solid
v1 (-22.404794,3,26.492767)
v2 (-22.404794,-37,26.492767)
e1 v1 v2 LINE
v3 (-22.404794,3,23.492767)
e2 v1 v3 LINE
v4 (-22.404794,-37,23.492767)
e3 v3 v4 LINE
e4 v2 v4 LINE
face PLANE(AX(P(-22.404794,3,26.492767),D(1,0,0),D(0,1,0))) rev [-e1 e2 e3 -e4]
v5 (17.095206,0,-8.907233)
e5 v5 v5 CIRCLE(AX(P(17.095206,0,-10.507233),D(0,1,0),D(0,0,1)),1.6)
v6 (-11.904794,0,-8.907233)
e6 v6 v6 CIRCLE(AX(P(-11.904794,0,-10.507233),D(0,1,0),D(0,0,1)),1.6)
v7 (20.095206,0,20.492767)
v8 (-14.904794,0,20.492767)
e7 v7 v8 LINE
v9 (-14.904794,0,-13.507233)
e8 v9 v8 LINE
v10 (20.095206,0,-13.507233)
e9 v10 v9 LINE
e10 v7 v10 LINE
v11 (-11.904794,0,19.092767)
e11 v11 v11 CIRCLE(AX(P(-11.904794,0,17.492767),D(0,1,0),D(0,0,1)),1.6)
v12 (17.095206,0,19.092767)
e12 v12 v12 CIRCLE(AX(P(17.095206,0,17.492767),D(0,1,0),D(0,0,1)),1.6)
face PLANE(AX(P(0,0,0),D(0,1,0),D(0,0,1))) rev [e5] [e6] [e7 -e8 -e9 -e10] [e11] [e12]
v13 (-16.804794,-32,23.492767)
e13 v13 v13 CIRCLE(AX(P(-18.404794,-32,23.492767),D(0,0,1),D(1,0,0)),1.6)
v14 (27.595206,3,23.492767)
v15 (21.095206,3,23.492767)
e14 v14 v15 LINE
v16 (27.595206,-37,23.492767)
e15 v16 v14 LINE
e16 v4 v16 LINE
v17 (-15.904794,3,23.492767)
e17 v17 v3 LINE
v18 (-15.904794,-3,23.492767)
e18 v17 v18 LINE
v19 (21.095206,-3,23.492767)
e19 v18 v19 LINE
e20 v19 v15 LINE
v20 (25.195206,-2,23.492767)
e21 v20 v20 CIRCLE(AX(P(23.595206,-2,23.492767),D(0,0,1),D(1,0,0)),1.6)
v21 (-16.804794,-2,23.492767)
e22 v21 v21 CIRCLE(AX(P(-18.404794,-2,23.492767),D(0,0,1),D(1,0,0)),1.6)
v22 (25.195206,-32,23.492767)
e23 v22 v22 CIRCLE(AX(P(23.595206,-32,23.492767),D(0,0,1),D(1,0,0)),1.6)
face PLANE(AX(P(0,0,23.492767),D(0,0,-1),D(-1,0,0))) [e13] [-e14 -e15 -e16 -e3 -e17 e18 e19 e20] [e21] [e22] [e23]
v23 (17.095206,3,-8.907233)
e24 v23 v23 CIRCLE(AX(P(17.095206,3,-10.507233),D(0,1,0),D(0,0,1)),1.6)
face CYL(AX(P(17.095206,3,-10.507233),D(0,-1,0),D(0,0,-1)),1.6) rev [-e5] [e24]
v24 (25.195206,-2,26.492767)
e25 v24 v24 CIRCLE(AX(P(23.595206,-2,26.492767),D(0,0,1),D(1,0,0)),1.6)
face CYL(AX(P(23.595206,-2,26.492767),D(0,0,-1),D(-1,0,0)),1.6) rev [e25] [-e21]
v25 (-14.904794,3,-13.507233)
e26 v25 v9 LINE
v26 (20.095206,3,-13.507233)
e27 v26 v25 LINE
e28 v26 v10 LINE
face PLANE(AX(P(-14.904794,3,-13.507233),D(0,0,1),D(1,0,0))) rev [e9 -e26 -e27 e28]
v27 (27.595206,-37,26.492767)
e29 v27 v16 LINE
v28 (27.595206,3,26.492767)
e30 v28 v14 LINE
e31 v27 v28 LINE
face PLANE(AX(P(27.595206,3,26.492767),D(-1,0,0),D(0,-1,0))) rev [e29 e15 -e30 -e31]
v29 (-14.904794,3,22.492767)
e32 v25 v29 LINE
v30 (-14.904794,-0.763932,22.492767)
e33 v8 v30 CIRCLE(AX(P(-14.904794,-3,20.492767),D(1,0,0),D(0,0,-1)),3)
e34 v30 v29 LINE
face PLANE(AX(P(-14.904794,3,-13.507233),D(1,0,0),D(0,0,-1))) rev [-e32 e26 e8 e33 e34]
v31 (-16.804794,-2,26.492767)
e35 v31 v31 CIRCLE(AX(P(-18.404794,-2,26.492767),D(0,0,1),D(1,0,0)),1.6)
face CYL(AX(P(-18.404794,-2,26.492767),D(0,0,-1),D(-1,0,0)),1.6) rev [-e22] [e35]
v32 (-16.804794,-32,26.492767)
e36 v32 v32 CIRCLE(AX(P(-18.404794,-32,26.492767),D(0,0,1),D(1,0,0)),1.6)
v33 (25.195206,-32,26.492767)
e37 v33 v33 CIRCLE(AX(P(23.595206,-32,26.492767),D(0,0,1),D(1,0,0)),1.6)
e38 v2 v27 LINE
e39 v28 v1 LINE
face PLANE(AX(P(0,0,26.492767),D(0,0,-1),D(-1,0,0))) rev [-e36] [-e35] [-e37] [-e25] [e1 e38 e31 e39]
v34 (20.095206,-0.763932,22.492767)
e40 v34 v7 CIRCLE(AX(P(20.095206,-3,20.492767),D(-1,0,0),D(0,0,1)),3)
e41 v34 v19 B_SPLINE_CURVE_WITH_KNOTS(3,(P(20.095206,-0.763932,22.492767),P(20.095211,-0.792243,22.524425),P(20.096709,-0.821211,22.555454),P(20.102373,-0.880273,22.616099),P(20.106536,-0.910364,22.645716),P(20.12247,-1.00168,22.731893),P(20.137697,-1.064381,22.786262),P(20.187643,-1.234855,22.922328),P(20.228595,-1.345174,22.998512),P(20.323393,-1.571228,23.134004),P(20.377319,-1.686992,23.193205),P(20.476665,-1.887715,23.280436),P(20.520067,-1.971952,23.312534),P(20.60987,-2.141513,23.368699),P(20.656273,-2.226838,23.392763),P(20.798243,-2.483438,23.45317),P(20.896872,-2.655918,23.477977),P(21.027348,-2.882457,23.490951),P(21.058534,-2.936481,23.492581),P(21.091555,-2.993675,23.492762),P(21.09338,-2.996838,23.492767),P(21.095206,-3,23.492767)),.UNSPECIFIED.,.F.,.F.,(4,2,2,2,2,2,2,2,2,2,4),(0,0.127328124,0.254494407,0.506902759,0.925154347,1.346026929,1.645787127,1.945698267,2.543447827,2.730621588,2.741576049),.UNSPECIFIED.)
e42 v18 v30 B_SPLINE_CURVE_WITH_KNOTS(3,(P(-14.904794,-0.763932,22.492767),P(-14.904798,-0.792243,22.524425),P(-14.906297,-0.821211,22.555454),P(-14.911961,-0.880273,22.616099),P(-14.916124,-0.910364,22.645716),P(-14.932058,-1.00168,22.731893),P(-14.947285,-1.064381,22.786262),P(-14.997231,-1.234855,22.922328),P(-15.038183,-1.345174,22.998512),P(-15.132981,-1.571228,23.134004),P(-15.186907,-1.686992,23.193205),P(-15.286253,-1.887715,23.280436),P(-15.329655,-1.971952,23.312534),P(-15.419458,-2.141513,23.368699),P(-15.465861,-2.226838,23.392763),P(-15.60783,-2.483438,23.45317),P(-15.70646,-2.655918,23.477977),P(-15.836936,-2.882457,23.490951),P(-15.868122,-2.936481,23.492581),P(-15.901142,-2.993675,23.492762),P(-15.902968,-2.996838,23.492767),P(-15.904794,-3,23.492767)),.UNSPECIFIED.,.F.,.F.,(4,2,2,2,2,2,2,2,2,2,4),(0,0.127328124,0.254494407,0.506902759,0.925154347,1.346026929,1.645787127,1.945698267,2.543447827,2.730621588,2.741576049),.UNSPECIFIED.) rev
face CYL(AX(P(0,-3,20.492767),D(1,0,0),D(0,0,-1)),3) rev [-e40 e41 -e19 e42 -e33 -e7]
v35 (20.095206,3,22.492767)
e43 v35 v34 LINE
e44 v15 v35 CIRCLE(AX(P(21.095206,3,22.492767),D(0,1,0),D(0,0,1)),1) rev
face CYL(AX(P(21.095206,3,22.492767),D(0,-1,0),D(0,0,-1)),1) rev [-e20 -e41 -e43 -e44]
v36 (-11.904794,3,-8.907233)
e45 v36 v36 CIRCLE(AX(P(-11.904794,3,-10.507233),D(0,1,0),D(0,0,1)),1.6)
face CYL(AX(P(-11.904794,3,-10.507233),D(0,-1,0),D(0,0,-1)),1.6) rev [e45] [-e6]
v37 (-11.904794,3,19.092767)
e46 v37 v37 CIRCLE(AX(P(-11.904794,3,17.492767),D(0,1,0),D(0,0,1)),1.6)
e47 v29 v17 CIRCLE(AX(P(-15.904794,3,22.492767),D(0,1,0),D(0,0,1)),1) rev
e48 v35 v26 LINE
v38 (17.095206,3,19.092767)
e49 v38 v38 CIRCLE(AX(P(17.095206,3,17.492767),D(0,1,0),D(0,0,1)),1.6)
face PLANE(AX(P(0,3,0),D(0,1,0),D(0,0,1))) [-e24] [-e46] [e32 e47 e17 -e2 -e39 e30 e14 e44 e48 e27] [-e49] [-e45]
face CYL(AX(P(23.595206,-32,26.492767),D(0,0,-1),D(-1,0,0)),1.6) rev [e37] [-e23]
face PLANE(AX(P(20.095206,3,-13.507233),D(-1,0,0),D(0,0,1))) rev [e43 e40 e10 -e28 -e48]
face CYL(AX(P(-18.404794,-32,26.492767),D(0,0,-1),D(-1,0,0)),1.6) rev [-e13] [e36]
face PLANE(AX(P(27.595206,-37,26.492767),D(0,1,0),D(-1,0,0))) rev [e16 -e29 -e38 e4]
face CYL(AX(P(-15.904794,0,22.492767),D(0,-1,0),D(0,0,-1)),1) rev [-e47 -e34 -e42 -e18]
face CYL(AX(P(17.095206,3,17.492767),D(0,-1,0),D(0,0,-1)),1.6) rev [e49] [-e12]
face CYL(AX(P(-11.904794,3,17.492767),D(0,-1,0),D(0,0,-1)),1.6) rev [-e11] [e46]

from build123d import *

# Parameters (mm, degrees)
SKETCH1_W           = 35
SKETCH1_H           = 37
SKETCH1_R           = 1.6
BOSS_EXTRUDE1_DEPTH = 3
SKETCH2_W           = 50
SKETCH2_H           = 40
SKETCH2_R           = 1.6
BOSS_EXTRUDE2_DEPTH = 3
FILLET1_R           = 3
FILLET2_R           = 1
FILLET3_R           = 1


with BuildPart() as part:
    # Sketch1 → Boss-Extrude1 (new body)
    with BuildSketch(Plane(origin=(0, 0, 0), x_dir=(1, 0, 0), z_dir=(0, 1, 0))):
        with Locations((2.595206121, -4.992767018)):
            Rectangle(SKETCH1_W, SKETCH1_H)
        with Locations((-11.904793879, 10.507232982)):
            Circle(SKETCH1_R, mode=Mode.SUBTRACT)
        with Locations((-11.904793879, -17.492767018)):
            Circle(SKETCH1_R, mode=Mode.SUBTRACT)
        with Locations((17.095206121, -17.492767018)):
            Circle(SKETCH1_R, mode=Mode.SUBTRACT)
        with Locations((17.095206121, 10.507232982)):
            Circle(SKETCH1_R, mode=Mode.SUBTRACT)
    extrude(amount=BOSS_EXTRUDE1_DEPTH)

    # Sketch2 → Boss-Extrude2 (add)
    with BuildSketch(Plane.XY.offset(23.492767018)):
        with Locations((2.595206121, -17)):
            Rectangle(SKETCH2_W, SKETCH2_H)
        with Locations((23.595206121, -32)):
            Circle(SKETCH2_R, mode=Mode.SUBTRACT)
        with Locations((23.595206121, -2)):
            Circle(SKETCH2_R, mode=Mode.SUBTRACT)
        with Locations((-18.404793879, -2)):
            Circle(SKETCH2_R, mode=Mode.SUBTRACT)
        with Locations((-18.404793879, -32)):
            Circle(SKETCH2_R, mode=Mode.SUBTRACT)
    extrude(amount=BOSS_EXTRUDE2_DEPTH)

    # Fillet1
    fillet1_edges = [part.edges().sort_by_distance(p)[0] for p in [
        (2.595206121, 0, 23.492767018),
    ]]
    fillet(fillet1_edges, radius=FILLET1_R)

    # Fillet2
    fillet2_edges = [part.edges().sort_by_distance(p)[0] for p in [
        (-14.904793879, -1.5, 23.492767018),
    ]]
    fillet(fillet2_edges, radius=FILLET2_R)

    # Fillet3
    fillet3_edges = [part.edges().sort_by_distance(p)[0] for p in [
        (20.095206121, -1.5, 23.492767018),
    ]]
    fillet(fillet3_edges, radius=FILLET3_R)


solid = part.part
